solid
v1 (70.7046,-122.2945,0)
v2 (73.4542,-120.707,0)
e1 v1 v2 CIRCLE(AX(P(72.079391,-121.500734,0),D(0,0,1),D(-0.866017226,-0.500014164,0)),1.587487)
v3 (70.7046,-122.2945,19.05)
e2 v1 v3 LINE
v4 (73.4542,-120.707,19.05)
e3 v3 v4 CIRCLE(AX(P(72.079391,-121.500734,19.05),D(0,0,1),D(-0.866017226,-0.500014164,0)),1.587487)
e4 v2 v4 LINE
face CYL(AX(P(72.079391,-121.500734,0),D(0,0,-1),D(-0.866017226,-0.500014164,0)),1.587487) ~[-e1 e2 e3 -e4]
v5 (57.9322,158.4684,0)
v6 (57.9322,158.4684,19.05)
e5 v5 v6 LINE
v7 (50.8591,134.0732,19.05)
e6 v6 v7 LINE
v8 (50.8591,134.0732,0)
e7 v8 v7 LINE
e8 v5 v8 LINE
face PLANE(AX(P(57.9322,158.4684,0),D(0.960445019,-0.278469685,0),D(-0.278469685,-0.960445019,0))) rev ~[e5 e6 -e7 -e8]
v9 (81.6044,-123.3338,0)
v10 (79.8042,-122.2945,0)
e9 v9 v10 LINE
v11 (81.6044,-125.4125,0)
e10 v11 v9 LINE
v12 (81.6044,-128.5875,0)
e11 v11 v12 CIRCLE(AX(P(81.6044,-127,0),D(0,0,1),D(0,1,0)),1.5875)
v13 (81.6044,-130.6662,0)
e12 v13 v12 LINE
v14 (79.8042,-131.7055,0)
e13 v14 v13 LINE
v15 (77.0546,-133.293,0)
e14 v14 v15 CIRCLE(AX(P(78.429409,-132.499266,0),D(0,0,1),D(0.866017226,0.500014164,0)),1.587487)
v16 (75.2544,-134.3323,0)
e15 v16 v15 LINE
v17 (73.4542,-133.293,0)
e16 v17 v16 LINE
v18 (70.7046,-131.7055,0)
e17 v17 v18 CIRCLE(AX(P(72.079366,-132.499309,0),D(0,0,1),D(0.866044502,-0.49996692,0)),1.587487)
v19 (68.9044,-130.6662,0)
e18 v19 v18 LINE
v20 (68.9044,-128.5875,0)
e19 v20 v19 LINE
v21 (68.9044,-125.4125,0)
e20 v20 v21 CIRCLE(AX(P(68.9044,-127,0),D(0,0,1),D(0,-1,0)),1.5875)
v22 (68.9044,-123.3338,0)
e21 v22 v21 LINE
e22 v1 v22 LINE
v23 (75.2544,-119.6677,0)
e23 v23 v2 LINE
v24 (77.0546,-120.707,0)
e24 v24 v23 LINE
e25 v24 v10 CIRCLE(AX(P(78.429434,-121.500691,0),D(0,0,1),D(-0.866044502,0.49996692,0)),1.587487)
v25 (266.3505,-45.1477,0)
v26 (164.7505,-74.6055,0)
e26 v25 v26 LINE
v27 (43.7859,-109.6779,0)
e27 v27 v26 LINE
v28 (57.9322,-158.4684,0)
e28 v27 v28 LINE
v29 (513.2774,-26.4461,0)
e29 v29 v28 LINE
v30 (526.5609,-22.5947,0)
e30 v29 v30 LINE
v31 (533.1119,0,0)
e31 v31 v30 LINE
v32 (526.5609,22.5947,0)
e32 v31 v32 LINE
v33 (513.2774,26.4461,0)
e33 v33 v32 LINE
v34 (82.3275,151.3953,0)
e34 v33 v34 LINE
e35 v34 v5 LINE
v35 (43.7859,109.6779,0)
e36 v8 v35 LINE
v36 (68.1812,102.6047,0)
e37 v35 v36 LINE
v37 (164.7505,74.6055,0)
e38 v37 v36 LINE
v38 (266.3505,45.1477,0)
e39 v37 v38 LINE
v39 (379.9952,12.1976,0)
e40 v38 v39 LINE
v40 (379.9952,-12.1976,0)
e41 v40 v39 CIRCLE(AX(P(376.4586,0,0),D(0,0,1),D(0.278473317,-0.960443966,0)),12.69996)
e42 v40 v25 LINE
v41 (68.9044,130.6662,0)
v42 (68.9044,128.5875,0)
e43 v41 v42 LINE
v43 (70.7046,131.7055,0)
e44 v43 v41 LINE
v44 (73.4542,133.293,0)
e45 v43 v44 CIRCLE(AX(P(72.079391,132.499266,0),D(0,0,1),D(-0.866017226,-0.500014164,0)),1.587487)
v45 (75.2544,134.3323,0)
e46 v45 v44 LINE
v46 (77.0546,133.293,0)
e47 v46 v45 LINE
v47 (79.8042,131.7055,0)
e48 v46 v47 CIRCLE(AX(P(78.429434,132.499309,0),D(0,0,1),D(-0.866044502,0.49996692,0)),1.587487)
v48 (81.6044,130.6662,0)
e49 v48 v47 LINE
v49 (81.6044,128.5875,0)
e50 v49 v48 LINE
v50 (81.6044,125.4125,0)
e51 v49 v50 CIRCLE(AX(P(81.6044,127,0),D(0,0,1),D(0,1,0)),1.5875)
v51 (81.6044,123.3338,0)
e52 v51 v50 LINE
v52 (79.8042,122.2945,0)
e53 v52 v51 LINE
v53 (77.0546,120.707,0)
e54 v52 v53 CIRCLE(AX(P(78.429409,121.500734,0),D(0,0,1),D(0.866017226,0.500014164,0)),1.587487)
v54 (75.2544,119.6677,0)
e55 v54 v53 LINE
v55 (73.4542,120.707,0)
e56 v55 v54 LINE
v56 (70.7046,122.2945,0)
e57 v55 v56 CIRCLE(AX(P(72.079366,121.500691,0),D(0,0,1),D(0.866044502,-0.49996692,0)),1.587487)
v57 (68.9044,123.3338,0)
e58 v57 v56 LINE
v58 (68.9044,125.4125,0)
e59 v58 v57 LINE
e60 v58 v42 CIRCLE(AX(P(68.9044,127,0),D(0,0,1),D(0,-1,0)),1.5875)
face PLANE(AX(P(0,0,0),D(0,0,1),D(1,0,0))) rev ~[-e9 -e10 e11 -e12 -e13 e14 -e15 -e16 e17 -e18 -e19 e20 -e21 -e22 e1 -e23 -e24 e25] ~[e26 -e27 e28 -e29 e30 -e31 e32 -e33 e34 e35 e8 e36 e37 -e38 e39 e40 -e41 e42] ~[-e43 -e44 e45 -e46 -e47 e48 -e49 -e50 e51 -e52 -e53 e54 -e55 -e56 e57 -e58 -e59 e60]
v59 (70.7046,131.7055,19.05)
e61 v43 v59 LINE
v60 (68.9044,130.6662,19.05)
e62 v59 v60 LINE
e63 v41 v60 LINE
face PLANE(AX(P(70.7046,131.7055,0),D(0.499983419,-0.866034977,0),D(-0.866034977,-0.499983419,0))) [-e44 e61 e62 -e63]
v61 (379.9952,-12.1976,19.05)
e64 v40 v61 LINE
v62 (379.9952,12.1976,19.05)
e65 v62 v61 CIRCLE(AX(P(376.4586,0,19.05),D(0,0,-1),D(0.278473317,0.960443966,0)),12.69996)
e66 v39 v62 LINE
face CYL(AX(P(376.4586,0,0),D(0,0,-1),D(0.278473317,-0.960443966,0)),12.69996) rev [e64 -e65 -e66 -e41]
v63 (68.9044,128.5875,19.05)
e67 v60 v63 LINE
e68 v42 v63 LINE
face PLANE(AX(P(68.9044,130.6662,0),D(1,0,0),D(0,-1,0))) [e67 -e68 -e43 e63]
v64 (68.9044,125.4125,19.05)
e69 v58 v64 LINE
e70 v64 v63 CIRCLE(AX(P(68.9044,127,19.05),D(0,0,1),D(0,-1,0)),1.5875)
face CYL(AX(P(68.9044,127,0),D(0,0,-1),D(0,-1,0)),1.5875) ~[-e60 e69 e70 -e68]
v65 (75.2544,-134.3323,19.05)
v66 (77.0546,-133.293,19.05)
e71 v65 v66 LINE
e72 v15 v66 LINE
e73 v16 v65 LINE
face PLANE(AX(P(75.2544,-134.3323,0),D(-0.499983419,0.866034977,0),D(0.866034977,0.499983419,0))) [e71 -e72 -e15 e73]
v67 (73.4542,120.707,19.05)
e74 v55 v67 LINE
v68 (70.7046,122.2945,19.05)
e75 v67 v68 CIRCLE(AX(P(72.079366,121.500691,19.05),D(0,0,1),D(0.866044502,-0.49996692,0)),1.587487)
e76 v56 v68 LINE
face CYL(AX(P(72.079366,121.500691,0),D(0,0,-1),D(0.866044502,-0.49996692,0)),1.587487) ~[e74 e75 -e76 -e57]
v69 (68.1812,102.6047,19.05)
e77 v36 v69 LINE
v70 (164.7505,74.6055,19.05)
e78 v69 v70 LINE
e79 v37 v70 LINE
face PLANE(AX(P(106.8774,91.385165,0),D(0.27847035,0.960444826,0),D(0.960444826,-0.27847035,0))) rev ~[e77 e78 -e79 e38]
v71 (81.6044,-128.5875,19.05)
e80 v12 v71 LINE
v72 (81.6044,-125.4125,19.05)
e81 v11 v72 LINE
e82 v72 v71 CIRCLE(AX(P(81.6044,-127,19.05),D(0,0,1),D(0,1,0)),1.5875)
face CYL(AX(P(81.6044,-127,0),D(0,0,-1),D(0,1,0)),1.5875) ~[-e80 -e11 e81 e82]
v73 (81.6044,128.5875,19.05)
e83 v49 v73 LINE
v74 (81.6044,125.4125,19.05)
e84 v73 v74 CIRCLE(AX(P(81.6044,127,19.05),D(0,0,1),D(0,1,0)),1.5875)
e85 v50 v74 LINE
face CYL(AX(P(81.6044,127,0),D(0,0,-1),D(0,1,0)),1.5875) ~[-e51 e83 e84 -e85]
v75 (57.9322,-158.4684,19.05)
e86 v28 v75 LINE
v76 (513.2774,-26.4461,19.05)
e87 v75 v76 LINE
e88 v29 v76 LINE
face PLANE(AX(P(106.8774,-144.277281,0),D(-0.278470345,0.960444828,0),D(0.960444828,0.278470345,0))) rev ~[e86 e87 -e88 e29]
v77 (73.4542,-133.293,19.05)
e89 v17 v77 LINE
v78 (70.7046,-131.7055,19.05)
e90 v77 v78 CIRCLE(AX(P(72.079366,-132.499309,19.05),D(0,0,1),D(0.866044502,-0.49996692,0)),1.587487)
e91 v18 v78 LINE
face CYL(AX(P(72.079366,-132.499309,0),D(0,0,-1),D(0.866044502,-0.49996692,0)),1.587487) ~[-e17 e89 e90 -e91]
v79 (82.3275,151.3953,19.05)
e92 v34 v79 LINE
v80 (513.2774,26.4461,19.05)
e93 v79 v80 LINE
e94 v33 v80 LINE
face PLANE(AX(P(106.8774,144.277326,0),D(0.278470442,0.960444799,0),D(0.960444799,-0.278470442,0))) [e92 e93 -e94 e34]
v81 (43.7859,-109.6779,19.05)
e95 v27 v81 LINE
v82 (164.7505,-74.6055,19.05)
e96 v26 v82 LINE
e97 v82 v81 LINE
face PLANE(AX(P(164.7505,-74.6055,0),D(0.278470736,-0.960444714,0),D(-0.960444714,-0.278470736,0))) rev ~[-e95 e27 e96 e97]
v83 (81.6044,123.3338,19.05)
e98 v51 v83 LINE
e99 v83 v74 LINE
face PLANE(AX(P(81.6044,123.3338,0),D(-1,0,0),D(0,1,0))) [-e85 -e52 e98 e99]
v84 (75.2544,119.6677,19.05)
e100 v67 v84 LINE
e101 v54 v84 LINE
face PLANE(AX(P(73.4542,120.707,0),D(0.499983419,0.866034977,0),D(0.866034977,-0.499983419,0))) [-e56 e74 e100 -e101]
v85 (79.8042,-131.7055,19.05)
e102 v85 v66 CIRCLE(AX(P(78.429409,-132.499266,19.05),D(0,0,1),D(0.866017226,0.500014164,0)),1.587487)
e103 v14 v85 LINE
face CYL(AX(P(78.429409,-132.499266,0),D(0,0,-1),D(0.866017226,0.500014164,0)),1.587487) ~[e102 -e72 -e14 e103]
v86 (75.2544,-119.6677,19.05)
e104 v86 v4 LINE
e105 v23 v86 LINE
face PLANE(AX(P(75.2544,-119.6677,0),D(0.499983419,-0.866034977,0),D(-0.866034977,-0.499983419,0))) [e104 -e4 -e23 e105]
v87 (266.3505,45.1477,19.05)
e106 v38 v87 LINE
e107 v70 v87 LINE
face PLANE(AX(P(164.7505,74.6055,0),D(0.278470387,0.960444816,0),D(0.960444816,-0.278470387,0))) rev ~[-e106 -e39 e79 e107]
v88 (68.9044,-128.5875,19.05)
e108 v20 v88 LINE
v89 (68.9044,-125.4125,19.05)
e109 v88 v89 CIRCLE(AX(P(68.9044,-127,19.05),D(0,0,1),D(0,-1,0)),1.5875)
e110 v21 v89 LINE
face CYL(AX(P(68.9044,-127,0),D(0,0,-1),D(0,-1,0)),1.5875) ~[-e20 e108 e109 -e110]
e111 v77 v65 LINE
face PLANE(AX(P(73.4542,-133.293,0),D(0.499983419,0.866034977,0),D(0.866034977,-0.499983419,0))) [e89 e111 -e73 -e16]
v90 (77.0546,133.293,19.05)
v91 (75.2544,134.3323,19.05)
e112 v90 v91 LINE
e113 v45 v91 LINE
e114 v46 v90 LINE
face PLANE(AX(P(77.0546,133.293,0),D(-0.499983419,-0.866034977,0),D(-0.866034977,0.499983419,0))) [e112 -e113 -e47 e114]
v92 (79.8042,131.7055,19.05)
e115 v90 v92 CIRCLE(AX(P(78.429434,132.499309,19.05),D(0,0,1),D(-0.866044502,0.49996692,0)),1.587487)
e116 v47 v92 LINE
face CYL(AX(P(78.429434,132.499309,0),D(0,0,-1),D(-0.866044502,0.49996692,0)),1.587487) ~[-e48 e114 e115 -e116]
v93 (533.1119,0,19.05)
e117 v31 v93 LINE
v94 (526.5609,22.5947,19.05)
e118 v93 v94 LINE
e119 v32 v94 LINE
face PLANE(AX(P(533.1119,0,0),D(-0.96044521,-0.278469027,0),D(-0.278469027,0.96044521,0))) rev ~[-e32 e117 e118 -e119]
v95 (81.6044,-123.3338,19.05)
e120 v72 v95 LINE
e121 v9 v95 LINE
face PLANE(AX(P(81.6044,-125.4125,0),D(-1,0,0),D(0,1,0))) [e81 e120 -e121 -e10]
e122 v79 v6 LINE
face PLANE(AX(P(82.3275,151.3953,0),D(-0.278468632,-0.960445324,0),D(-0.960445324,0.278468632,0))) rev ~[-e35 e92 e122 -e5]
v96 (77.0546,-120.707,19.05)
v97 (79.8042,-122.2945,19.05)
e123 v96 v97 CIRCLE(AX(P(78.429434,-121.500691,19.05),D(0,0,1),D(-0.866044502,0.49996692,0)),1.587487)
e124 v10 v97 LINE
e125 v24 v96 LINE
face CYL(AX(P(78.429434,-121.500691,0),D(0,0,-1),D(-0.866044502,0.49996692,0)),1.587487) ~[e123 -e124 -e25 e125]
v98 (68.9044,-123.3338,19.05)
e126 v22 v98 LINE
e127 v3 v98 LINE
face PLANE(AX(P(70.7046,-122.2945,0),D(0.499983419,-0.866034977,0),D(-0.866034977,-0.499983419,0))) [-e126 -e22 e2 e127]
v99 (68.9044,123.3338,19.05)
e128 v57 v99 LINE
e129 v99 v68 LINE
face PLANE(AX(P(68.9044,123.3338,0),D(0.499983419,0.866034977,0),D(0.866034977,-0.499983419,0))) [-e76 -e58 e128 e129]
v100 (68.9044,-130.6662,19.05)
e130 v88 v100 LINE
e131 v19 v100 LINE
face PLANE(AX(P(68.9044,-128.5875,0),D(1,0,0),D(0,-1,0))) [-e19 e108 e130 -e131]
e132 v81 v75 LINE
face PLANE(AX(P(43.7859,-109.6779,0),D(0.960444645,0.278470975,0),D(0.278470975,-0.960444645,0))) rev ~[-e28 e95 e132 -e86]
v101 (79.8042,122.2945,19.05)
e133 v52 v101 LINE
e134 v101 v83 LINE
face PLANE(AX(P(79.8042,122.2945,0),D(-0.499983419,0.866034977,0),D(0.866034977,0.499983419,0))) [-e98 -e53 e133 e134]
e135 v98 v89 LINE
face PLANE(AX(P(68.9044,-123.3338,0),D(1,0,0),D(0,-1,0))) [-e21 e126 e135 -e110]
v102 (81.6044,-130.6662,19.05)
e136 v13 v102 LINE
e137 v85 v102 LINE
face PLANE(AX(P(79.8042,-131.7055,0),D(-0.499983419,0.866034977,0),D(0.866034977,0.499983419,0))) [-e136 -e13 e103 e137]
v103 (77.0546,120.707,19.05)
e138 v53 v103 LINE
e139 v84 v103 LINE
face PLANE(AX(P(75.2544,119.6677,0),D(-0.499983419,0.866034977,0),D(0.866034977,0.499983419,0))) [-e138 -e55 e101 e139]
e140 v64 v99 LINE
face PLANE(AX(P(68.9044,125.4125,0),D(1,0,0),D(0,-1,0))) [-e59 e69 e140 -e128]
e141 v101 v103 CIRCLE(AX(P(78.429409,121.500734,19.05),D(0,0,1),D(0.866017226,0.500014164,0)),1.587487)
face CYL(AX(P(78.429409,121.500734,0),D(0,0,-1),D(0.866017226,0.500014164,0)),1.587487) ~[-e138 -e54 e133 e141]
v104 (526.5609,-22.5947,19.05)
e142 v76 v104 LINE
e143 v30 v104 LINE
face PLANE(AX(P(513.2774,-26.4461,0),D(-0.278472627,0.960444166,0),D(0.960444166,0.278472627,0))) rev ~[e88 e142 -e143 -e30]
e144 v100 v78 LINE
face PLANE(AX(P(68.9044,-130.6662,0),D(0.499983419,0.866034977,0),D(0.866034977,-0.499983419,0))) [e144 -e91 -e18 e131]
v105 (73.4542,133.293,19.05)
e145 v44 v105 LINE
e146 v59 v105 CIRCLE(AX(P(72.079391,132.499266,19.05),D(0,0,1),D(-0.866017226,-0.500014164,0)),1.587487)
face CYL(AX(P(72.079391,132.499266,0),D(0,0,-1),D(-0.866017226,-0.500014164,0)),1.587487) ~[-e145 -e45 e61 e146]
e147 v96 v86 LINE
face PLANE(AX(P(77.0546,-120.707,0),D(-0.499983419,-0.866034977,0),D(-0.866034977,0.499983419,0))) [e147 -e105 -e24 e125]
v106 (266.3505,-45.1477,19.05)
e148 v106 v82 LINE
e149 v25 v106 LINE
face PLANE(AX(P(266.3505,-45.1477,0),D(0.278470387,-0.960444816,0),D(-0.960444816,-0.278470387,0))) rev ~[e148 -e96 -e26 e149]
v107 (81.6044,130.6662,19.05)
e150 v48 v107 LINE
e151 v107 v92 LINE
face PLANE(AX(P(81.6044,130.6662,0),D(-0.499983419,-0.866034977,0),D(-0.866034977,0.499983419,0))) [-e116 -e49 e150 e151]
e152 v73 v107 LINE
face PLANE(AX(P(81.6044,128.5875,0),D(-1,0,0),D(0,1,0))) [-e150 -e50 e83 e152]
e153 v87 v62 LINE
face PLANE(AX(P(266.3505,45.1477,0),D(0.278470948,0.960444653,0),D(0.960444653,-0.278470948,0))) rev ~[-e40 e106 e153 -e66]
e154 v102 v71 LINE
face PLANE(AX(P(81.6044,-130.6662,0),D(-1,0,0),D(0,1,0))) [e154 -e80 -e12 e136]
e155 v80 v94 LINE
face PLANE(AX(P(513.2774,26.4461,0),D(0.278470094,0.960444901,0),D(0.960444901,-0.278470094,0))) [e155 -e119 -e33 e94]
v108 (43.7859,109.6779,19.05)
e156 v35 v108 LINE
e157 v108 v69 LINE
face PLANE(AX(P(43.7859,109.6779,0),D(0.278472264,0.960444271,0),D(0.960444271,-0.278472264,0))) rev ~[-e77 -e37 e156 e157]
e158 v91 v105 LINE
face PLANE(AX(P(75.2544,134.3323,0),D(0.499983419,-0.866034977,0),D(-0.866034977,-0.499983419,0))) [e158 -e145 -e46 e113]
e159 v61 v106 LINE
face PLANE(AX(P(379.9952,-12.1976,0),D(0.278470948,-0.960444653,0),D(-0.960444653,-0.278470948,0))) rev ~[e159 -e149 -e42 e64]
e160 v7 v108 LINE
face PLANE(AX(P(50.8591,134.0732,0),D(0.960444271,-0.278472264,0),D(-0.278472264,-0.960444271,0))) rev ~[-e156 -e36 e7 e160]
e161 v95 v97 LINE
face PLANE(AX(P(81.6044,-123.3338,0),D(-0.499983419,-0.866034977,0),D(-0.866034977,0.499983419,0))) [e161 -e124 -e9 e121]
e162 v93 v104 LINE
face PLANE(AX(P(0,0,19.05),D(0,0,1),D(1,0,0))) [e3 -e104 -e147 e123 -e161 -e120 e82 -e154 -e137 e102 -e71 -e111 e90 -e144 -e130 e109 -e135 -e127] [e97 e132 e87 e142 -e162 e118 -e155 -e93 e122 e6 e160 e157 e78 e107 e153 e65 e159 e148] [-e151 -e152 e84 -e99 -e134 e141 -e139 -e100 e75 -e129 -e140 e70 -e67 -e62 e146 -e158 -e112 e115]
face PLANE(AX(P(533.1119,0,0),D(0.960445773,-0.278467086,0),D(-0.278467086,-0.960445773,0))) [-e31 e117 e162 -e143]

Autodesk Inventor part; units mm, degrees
ref_plane "YZ Plane" through (0, 0, 0) normal (1, 0, 0) x (0, 1, 0)
ref_plane "XZ Plane" through (0, 0, 0) normal (0, 1, 0) x (-1, 0, 0)
ref_plane "Work Plane1" through (0, 0, 0) normal (0, 0, 1) x (1, 0, 0)
sketch "Sketch1" plane through (0, 0, 0) normal (0, 0, 1) x (1, 0, 0)
  line L0 (73.4542, 120.707) -> (75.2544, 119.6677) projected
  arc A0 (73.4542, 120.707) -> (70.7046, 122.2945) centre (72.0794, 121.5007) ccw projected
  line L1 (68.9044, 123.3338) -> (70.7046, 122.2945) projected
  line L2 (68.9044, 125.4125) -> (68.9044, 123.3338) projected
  arc A1 (68.9044, 125.4125) -> (68.9044, 128.5875) centre (68.9044, 127) ccw projected
  line L3 (68.9044, 130.6662) -> (68.9044, 128.5875) projected
  line L4 (70.7046, 131.7055) -> (68.9044, 130.6662) projected
  arc A2 (70.7046, 131.7055) -> (73.4542, 133.293) centre (72.0794, 132.4993) ccw projected
  line L5 (75.2544, 134.3323) -> (73.4542, 133.293) projected
  line L6 (77.0546, 133.293) -> (75.2544, 134.3323) projected
  arc A3 (77.0546, 133.293) -> (79.8042, 131.7055) centre (78.4294, 132.4993) ccw projected
  line L7 (81.6044, 130.6662) -> (79.8042, 131.7055) projected
  line L8 (81.6044, 128.5875) -> (81.6044, 130.6662) projected
  arc A4 (81.6044, 128.5875) -> (81.6044, 125.4125) centre (81.6044, 127) ccw projected
  line L9 (81.6044, 123.3338) -> (81.6044, 125.4125) projected
  line L10 (79.8042, 122.2945) -> (81.6044, 123.3338) projected
  arc A5 (79.8042, 122.2945) -> (77.0546, 120.707) centre (78.4294, 121.5007) ccw projected
  line L11 (75.2544, 119.6677) -> (77.0546, 120.707) projected
  circle A6 centre (75.2544, 127) radius 2.9337 projected
  line L12 (73.4542, -133.293) -> (75.2544, -134.3323) projected
  arc A7 (73.4542, -133.293) -> (70.7046, -131.7055) centre (72.0794, -132.4993) ccw projected
  line L13 (68.9044, -130.6662) -> (70.7046, -131.7055) projected
  line L14 (68.9044, -128.5875) -> (68.9044, -130.6662) projected
  arc A8 (68.9044, -128.5875) -> (68.9044, -125.4125) centre (68.9044, -127) ccw projected
  line L15 (68.9044, -123.3338) -> (68.9044, -125.4125) projected
  line L16 (70.7046, -122.2945) -> (68.9044, -123.3338) projected
  arc A9 (70.7046, -122.2945) -> (73.4542, -120.707) centre (72.0794, -121.5007) ccw projected
  line L17 (75.2544, -119.6677) -> (73.4542, -120.707) projected
  line L18 (77.0546, -120.707) -> (75.2544, -119.6677) projected
  arc A10 (77.0546, -120.707) -> (79.8042, -122.2945) centre (78.4294, -121.5007) ccw projected
  line L19 (81.6044, -123.3338) -> (79.8042, -122.2945) projected
  line L20 (81.6044, -125.4125) -> (81.6044, -123.3338) projected
  arc A11 (81.6044, -125.4125) -> (81.6044, -128.5875) centre (81.6044, -127) ccw projected
  line L21 (81.6044, -130.6662) -> (81.6044, -128.5875) projected
  line L22 (79.8042, -131.7055) -> (81.6044, -130.6662) projected
  arc A12 (79.8042, -131.7055) -> (77.0546, -133.293) centre (78.4294, -132.4993) ccw projected
  line L23 (75.2544, -134.3323) -> (77.0546, -133.293) projected
  circle A13 centre (75.2544, -127) radius 2.9337 projected
  line L24 (75.2544, -127) -> (513.2774, 0) construction
  line L25 (106.8774, 406.4) -> (106.8774, -406.4) projected
  line L26 (106.8774, 0) -> (513.2774, 0)
  line L27 (513.2774, 0) -> (75.2544, 127) construction
  line L28 (75.2544, 127) -> (68.1812, 102.6047) construction
  line L29 (75.2544, 127) -> (82.3275, 151.3953) construction
  line L30 (75.2544, 127) -> (50.8591, 134.0732) construction
  line L31 (82.3275, 151.3953) -> (57.9322, 158.4684)
  line L32 (57.9322, 158.4684) -> (50.8591, 134.0732)
  line L33 (50.8591, 134.0732) -> (43.7859, 109.6779)
  line L34 (43.7859, 109.6779) -> (68.1812, 102.6047)
  line L35 (82.3275, 151.3953) -> (513.2774, 26.4461)
  line L36 (68.1812, 102.6047) -> (164.7505, 74.6055)
  line L37 (538.647, 19.0904) -> (533.1119, 0)
  line L38 (524.5007, 29.7002) -> (513.2774, 26.4461)
  line L39 (43.7859, -109.6779) -> (57.9322, -158.4684)
  line L40 (57.9322, -158.4684) -> (513.2774, -26.4461)
  line L41 (538.647, -19.0904) -> (533.1119, 0)
  line L42 (266.3505, 45.1477) -> (379.9952, 12.1976)
  line L43 (164.7505, 74.6055) -> (266.3505, 45.1477)
  line L44 (164.7505, -74.6055) -> (43.7859, -109.6779)
  line L45 (266.3505, -45.1477) -> (164.7505, -74.6055)
  line L46 (379.9952, -12.1976) -> (266.3505, -45.1477)
  line L47 (379.9952, 12.1976) -> (513.2774, -26.4461) construction
  line L48 (513.2774, -26.4461) -> (524.5007, -29.7002)
  line L49 (513.2774, 26.4461) -> (526.5609, 22.5947)
  line L50 (513.2774, 26.4461) -> (379.9952, -12.1976) construction
  line L51 (513.2774, -26.4461) -> (538.647, -19.0904)
  arc A14 (379.9952, -12.1976) -> (379.9952, 12.1976) centre (376.4586, 0) ccw
  line L52 (526.5609, -22.5947) -> (524.5007, -29.7002)
  line L53 (526.5609, 22.5947) -> (538.647, 19.0904)
  line L54 (533.1119, 0) -> (526.5609, -22.5947)
  line L55 (533.1119, 0) -> (524.5007, 29.7002)
  point P0 (0, 0)
  dimension "d0" = 406.4
  dimension "d1" = 25.4
  dimension "d2" = 25.4
  dimension "d3" = 25.4
  dimension "d4" = 19.05
  dimension "d7" = 25.4
  dimension "d8" = 25.4
  dimension "d9" = 25.4
  dimension "d10" = 19.05
  dimension "d15" = 12.7
extrude "Extrusion2" add sketch "Sketch1" along normal blind 19.05 contours L35 L49 L55 L54 L51 L40 L25 L44 L45 L46 A14 L42 L43 L36 | L25 L36 L34 L33 L32 L31 L35 | L25 L40 L39 L44
properties part number "aFrameBase"
